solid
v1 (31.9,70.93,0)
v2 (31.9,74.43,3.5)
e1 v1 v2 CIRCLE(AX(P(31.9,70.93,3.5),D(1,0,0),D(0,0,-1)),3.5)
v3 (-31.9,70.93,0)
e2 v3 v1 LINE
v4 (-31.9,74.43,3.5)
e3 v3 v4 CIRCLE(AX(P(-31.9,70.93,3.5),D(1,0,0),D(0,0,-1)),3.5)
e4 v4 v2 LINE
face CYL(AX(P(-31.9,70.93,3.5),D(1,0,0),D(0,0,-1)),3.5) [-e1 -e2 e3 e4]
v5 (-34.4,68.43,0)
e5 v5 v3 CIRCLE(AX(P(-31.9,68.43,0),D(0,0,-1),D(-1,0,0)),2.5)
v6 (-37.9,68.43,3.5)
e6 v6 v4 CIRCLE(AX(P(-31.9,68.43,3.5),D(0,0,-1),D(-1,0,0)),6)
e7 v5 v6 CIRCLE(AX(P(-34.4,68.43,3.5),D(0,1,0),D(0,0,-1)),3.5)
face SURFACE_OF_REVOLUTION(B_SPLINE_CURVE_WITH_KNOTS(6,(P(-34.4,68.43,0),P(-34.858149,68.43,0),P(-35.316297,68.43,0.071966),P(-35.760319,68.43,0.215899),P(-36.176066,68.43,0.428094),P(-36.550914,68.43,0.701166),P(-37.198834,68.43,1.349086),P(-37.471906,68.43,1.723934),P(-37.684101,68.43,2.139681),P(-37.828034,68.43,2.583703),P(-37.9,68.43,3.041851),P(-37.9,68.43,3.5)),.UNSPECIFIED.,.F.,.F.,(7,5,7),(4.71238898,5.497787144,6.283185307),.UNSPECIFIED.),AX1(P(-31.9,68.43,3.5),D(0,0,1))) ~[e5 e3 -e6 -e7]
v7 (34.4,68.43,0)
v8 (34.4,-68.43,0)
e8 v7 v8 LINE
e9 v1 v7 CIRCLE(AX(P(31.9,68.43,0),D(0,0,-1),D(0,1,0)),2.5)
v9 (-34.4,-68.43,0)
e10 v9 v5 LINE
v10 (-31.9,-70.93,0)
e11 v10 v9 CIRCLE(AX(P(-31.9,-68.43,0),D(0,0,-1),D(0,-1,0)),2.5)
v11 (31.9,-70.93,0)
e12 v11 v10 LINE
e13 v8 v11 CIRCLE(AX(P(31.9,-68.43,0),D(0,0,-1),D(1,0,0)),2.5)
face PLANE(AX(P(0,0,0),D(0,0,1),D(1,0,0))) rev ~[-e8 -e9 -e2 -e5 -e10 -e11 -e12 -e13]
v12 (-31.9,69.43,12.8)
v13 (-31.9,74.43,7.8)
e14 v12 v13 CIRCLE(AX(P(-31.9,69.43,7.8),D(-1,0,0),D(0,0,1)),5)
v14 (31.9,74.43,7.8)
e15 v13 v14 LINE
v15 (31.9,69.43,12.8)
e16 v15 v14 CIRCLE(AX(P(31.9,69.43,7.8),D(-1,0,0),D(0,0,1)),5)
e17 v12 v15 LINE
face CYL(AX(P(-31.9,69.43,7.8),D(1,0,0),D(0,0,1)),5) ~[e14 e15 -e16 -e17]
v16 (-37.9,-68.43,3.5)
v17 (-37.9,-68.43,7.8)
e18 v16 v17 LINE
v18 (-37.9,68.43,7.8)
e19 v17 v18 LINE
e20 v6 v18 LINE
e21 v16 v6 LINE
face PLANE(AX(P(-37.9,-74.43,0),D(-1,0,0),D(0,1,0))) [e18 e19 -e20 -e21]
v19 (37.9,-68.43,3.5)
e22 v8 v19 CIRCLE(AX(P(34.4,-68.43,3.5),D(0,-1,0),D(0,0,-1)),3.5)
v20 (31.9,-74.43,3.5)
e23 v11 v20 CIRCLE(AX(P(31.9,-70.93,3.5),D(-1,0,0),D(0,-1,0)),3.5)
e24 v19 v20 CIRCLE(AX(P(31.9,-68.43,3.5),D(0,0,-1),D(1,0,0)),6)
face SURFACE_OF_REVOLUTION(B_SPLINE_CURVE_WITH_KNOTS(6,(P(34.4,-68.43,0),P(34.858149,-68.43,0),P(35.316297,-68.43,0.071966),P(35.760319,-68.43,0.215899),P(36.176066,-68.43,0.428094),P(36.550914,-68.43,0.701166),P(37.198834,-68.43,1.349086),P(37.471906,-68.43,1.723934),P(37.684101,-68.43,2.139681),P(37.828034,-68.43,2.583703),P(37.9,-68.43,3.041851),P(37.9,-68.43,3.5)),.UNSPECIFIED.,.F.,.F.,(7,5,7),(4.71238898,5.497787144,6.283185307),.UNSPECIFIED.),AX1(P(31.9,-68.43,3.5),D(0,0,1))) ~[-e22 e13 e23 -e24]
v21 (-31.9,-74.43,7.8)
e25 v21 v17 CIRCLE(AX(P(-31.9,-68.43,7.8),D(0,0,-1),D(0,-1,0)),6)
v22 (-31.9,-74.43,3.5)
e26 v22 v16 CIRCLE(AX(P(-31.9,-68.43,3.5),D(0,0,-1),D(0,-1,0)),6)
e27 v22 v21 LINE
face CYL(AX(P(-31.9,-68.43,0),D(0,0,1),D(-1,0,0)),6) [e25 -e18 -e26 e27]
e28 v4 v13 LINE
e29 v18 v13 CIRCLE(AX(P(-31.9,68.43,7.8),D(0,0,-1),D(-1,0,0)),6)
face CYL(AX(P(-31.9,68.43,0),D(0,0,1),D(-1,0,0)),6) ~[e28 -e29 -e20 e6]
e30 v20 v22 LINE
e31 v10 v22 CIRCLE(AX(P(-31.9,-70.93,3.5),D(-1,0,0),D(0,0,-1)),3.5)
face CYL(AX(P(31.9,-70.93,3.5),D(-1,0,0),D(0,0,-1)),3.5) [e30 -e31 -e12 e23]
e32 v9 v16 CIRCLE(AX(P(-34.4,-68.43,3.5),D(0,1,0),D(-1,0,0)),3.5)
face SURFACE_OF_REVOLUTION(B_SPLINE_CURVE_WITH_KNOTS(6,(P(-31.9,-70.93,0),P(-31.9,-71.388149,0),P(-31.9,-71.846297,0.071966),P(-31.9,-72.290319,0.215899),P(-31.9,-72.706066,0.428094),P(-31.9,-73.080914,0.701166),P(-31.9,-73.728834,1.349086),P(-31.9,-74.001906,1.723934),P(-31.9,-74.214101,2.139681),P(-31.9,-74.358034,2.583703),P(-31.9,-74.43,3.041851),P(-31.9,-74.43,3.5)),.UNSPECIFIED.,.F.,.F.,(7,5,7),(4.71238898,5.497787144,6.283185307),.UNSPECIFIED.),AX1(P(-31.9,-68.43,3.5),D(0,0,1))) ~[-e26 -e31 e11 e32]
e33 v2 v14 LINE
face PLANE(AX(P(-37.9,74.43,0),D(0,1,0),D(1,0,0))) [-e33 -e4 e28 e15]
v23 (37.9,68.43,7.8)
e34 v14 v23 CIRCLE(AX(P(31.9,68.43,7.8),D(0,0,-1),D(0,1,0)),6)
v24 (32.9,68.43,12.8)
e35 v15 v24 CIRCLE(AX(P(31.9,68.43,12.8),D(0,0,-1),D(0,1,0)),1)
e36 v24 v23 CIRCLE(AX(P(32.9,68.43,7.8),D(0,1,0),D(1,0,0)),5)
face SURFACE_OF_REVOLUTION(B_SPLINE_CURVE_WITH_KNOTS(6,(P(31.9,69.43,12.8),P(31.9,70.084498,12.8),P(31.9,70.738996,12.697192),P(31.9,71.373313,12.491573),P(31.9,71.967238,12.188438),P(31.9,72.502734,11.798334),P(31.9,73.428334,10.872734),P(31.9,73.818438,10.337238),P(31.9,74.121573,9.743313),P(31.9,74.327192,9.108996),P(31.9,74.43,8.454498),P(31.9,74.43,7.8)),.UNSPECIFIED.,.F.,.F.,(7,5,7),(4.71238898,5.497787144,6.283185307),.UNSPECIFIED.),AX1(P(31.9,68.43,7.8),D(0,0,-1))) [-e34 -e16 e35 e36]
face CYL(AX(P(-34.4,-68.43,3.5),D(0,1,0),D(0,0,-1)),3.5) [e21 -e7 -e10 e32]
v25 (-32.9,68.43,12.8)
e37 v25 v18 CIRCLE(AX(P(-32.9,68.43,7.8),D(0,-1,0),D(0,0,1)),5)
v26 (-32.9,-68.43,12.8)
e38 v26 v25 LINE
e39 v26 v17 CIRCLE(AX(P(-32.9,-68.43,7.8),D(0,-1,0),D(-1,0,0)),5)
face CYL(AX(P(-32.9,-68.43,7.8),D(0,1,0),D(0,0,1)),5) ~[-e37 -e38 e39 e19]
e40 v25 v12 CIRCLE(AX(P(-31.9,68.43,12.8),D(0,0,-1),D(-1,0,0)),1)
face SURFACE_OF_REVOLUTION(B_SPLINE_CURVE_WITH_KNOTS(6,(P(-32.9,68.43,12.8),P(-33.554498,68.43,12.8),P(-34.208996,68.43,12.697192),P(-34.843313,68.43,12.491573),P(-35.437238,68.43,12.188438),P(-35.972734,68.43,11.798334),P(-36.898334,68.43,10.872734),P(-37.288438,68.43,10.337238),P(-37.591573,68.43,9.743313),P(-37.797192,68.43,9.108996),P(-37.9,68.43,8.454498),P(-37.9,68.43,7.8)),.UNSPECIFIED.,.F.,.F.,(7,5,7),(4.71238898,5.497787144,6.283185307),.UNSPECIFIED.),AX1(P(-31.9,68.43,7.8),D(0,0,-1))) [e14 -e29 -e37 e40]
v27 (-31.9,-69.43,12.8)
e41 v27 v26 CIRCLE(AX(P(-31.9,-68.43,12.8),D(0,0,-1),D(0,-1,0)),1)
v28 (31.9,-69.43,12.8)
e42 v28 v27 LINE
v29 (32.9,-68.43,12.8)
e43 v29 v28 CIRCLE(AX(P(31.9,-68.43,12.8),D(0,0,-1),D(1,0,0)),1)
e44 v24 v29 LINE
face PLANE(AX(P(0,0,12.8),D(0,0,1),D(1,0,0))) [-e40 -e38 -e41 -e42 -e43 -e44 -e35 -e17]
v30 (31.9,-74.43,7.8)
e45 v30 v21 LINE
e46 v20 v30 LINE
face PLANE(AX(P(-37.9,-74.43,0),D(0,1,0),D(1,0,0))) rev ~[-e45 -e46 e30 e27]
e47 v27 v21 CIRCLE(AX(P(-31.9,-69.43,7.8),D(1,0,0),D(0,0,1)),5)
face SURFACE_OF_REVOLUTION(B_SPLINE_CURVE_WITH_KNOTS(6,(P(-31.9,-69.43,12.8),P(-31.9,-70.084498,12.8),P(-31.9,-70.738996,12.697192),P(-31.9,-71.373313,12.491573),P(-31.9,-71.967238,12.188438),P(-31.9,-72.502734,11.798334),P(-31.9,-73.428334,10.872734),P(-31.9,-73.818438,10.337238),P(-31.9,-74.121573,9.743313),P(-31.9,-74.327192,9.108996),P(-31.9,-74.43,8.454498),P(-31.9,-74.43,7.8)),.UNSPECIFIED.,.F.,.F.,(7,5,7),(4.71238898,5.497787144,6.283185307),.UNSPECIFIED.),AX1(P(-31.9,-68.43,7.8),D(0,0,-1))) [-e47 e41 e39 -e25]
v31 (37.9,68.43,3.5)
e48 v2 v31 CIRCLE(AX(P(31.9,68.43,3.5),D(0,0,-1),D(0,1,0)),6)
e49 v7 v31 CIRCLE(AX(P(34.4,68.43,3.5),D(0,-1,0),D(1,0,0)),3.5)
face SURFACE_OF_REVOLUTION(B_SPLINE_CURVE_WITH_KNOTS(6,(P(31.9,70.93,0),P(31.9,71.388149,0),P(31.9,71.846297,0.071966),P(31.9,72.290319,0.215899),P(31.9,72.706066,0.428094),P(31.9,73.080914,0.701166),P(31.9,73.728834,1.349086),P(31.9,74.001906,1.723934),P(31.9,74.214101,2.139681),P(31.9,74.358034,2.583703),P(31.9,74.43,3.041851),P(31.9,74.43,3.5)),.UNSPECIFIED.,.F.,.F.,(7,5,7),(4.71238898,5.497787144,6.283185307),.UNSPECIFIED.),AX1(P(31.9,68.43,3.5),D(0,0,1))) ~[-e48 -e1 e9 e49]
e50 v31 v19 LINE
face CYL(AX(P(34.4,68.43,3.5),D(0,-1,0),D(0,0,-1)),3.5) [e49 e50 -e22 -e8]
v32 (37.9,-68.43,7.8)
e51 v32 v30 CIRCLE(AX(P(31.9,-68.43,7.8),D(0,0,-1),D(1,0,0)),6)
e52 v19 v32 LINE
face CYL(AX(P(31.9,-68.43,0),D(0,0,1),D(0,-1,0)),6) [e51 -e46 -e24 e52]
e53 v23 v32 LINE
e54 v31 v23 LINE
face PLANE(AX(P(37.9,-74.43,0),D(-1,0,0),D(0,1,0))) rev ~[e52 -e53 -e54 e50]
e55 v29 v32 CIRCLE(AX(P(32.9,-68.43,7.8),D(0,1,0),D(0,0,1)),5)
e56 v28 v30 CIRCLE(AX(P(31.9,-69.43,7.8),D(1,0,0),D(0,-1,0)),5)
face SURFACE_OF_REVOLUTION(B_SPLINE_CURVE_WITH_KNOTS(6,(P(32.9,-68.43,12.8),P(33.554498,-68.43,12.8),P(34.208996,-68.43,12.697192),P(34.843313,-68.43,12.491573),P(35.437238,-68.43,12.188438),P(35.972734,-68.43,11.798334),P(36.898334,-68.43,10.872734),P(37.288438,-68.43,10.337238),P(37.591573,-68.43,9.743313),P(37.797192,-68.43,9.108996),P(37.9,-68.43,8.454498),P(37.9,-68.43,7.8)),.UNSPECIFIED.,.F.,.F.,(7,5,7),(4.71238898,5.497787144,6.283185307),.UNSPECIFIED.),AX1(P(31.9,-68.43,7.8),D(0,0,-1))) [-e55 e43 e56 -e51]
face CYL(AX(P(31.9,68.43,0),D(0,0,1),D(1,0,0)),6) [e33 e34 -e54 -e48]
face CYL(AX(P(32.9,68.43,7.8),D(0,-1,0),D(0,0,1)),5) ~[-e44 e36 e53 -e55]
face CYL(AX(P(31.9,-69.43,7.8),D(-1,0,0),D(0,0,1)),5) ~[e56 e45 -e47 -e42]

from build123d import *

# Parameters (mm, degrees)
F0_W     = 75.8
F0_H     = 148.86
F1_DEPTH = 12.8
F2_R     = 6
F3_R     = 3.5
F4_R     = 5


with BuildPart() as f1:
    # F0 (on Top) → F1 (new body)
    with BuildSketch(Plane.XY):
        Rectangle(F0_W, F0_H)
    extrude(amount=F1_DEPTH)

    # F2
    f2_edges = [f1.edges().sort_by_distance(p)[0] for p in [
        (37.9, 74.43, 6.4),
        (-37.9, 74.43, 6.4),
        (-37.9, -74.43, 6.4),
        (37.9, -74.43, 6.4),
    ]]
    fillet(f2_edges, radius=F2_R)

    # F3
    f3_edges = [f1.edges().sort_by_distance(p)[0] for p in [
        (0, 74.43, 0),
    ]]
    fillet(f3_edges, radius=F3_R)

    # F4
    f4_edges = [f1.edges().sort_by_distance(p)[0] for p in [
        (0, 74.43, 12.8),
    ]]
    fillet(f4_edges, radius=F4_R)


solid = f1.part
